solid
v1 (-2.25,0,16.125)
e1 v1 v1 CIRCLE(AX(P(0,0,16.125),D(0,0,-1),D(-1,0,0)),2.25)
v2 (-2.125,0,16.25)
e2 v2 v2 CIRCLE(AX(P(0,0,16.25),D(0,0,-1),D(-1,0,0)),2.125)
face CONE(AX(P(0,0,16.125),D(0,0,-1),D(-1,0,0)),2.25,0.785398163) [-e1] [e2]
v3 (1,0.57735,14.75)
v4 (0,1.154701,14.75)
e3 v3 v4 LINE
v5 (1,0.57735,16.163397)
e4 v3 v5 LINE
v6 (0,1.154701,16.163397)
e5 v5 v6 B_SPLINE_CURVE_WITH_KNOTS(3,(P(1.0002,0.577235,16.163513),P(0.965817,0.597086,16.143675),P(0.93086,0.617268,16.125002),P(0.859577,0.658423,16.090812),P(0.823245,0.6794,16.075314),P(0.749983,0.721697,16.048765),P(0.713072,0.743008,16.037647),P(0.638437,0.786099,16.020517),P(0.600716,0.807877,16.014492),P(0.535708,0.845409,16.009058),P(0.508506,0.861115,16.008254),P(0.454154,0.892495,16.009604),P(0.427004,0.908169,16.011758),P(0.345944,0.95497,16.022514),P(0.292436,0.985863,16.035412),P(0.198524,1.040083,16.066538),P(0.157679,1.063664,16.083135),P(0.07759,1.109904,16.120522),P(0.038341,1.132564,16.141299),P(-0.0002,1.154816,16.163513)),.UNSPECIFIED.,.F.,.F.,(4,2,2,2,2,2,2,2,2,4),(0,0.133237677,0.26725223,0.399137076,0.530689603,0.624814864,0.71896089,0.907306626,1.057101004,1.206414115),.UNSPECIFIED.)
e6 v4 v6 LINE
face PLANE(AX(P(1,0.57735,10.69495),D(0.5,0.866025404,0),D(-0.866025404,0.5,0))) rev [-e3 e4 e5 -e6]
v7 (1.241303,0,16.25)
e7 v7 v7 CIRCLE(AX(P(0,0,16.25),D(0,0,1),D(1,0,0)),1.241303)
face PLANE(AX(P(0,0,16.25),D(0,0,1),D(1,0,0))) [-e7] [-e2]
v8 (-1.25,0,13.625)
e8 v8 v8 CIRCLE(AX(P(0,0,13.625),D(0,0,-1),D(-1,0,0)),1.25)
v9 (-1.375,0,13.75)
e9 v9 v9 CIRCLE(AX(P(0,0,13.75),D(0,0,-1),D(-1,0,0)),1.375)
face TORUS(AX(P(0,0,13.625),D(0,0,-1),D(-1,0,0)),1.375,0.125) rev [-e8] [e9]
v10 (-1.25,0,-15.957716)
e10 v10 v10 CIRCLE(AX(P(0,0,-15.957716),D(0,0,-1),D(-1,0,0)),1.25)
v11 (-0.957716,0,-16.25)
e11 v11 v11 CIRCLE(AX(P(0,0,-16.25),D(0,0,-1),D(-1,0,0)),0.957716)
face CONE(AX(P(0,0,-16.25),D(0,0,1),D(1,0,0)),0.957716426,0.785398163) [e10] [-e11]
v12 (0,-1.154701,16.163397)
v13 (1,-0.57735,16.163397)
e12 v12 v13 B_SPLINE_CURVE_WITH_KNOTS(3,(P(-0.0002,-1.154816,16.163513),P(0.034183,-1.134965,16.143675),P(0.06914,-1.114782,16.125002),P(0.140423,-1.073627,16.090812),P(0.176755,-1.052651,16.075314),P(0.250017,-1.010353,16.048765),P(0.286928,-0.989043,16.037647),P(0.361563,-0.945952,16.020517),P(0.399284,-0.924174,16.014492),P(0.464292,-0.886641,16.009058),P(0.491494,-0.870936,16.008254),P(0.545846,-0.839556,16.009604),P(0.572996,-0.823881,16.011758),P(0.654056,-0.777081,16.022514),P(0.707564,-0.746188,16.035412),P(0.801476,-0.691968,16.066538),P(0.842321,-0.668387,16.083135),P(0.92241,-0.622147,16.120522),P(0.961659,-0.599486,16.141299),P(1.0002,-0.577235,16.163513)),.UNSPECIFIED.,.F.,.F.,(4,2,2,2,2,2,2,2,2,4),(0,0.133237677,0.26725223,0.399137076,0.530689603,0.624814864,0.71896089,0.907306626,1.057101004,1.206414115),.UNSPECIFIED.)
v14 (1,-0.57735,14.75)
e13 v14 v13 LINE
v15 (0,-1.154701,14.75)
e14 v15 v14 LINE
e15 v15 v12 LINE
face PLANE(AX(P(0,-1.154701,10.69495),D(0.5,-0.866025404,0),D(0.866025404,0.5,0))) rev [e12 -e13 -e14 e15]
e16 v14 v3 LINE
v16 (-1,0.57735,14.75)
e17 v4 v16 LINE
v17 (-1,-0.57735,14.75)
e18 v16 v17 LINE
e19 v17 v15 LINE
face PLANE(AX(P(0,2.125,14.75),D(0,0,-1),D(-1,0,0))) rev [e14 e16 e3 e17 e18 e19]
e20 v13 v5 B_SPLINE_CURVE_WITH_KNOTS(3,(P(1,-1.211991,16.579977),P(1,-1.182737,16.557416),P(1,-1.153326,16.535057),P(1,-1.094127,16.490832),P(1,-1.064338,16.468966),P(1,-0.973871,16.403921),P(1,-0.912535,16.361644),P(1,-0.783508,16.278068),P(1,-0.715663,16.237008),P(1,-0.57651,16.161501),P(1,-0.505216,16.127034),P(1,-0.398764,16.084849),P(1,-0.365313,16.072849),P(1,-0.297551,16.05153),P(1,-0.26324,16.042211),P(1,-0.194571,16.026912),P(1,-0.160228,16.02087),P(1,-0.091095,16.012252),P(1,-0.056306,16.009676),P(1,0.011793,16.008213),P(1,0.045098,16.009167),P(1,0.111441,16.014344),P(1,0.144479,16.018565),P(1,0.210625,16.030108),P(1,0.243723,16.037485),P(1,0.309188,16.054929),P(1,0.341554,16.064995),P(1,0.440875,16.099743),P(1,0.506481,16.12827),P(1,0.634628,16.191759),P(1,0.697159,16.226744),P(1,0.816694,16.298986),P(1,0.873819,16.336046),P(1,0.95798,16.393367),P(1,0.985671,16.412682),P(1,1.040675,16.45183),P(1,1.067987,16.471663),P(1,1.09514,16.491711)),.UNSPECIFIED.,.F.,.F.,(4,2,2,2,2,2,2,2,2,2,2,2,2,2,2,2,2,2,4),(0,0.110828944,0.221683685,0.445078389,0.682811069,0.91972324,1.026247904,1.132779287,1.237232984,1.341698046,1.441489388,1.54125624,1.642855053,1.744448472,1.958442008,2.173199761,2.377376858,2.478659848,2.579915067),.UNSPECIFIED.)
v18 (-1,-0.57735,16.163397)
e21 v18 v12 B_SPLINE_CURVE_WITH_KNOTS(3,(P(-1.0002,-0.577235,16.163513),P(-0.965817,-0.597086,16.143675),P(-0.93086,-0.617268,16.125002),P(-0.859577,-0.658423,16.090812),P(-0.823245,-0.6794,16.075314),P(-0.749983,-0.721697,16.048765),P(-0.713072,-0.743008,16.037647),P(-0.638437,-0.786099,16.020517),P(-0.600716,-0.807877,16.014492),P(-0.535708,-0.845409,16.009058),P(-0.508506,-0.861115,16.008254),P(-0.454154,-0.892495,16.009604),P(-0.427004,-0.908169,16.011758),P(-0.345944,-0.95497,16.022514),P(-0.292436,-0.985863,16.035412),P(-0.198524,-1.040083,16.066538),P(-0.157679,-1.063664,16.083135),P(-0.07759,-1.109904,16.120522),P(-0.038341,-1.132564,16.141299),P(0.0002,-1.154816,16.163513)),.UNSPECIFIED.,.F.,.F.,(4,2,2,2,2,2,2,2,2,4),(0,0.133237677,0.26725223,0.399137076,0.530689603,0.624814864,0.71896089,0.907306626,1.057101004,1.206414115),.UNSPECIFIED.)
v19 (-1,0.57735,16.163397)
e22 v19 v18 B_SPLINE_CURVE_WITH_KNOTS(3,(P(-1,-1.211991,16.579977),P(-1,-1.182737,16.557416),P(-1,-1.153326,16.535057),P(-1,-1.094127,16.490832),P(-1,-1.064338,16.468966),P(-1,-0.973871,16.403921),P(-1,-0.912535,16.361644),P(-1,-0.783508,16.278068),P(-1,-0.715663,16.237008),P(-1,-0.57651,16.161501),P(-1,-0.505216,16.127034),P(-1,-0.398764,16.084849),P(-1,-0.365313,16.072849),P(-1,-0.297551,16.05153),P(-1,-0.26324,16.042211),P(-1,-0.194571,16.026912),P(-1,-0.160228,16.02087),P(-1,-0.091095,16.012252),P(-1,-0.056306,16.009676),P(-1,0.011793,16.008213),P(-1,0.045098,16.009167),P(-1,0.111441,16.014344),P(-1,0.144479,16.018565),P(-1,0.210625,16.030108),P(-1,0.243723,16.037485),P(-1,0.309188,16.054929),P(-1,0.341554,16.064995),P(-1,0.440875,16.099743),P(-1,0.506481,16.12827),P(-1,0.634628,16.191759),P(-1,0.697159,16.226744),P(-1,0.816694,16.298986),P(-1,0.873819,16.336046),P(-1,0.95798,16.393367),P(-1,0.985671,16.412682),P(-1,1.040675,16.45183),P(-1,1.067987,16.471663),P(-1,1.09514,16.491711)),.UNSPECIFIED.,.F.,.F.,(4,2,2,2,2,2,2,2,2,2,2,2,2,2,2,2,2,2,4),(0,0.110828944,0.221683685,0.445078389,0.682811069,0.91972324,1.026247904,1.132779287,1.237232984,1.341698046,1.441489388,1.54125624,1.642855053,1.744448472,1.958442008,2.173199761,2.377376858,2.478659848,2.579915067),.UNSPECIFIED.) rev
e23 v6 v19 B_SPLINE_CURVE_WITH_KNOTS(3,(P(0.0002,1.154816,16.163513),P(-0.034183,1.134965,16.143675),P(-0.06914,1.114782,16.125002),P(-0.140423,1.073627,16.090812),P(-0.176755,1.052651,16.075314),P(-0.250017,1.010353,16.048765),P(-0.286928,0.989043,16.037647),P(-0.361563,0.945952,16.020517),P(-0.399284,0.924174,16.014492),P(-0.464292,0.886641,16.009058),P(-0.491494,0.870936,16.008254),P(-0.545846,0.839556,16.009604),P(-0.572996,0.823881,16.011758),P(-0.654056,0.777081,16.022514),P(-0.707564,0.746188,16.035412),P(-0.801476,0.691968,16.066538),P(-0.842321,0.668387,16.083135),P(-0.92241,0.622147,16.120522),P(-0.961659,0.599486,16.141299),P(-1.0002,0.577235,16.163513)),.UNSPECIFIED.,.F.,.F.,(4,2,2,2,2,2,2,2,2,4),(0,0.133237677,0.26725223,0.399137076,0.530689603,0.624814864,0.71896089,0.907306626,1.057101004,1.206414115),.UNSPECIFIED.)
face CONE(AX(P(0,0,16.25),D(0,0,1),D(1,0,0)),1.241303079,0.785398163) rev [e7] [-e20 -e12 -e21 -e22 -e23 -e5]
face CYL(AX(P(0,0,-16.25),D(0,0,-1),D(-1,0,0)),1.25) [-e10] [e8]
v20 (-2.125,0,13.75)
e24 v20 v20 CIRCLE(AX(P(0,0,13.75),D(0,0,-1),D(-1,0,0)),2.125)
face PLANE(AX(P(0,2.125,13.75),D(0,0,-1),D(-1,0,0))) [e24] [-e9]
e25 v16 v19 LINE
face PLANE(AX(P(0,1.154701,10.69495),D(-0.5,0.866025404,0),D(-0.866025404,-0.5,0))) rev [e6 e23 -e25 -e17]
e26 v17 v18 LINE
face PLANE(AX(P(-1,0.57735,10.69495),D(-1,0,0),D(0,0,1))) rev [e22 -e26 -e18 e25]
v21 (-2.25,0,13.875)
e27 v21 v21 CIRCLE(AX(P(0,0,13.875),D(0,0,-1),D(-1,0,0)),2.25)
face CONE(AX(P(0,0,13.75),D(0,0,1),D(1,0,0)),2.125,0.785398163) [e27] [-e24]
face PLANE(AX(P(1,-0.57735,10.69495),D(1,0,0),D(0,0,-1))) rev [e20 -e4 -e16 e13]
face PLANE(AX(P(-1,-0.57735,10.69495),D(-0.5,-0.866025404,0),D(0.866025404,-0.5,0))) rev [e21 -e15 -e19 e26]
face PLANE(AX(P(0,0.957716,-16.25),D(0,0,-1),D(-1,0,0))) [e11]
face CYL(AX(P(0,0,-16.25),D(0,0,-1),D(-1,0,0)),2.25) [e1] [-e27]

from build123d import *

# Parameters (mm, degrees)
CUT_EXTRUDE1_DEPTH = 1.5


with BuildPart() as part:
    # Sketch2 → Revolve1 (revolve)
    with BuildSketch(Plane(origin=(0, 0, 0), x_dir=(0, 0, -1), z_dir=(1, 0, 0)), mode=Mode.PRIVATE) as revolve1_sk:
        with BuildLine():
            Line((-16.25, 0), (-16.25, 2.125))
            Line((-16.25, 2.125), (-16.125, 2.25))
            Line((-16.125, 2.25), (-13.875, 2.25))
            Line((-13.875, 2.25), (-13.75, 2.125))
            Line((-13.75, 2.125), (-13.75, 1.375))
            ThreePointArc((-13.75, 1.375), (-13.713388348, 1.286611652), (-13.625, 1.25))
            Line((-13.625, 1.25), (15.957716426, 1.25))
            Line((15.957716426, 1.25), (16.25, 0.957716426))
            Line((16.25, 0.957716426), (16.25, 0))
            Line((16.25, 0), (-16.25, 0))
        make_face()
    revolve(revolve1_sk.sketch.rotate(Axis((0, 0, -16.25), (0, 0, 1)), 90), axis=Axis((0, 0, -16.25), (0, 0, 1)))

    # Sketch3 → Cut-Extrude1 (cut)
    with BuildSketch(Plane.XY.offset(16.25)):
        Polygon((1, -0.577350269), (1, 0.577350269), (0, 1.154700538), (-1, 0.577350269), (-1, -0.577350269), (0, -1.154700538), align=None)
    extrude(amount=-CUT_EXTRUDE1_DEPTH, mode=Mode.SUBTRACT)

    # Cut-Extrude2 cone 1 section (through the dimple's axis) → Cut-Extrude2 (revolve, cut)
    with BuildSketch(Plane(origin=(0, 0, 16.25), x_dir=(0, -1, 0), z_dir=(1, 0, 0))):
        Polygon((0, 0), (1.241303079, 0), (0, 1.241303079), align=None)
    revolve(axis=Axis((0, 0, 16.25), (0, 0, -1)), mode=Mode.SUBTRACT)


solid = part.part
